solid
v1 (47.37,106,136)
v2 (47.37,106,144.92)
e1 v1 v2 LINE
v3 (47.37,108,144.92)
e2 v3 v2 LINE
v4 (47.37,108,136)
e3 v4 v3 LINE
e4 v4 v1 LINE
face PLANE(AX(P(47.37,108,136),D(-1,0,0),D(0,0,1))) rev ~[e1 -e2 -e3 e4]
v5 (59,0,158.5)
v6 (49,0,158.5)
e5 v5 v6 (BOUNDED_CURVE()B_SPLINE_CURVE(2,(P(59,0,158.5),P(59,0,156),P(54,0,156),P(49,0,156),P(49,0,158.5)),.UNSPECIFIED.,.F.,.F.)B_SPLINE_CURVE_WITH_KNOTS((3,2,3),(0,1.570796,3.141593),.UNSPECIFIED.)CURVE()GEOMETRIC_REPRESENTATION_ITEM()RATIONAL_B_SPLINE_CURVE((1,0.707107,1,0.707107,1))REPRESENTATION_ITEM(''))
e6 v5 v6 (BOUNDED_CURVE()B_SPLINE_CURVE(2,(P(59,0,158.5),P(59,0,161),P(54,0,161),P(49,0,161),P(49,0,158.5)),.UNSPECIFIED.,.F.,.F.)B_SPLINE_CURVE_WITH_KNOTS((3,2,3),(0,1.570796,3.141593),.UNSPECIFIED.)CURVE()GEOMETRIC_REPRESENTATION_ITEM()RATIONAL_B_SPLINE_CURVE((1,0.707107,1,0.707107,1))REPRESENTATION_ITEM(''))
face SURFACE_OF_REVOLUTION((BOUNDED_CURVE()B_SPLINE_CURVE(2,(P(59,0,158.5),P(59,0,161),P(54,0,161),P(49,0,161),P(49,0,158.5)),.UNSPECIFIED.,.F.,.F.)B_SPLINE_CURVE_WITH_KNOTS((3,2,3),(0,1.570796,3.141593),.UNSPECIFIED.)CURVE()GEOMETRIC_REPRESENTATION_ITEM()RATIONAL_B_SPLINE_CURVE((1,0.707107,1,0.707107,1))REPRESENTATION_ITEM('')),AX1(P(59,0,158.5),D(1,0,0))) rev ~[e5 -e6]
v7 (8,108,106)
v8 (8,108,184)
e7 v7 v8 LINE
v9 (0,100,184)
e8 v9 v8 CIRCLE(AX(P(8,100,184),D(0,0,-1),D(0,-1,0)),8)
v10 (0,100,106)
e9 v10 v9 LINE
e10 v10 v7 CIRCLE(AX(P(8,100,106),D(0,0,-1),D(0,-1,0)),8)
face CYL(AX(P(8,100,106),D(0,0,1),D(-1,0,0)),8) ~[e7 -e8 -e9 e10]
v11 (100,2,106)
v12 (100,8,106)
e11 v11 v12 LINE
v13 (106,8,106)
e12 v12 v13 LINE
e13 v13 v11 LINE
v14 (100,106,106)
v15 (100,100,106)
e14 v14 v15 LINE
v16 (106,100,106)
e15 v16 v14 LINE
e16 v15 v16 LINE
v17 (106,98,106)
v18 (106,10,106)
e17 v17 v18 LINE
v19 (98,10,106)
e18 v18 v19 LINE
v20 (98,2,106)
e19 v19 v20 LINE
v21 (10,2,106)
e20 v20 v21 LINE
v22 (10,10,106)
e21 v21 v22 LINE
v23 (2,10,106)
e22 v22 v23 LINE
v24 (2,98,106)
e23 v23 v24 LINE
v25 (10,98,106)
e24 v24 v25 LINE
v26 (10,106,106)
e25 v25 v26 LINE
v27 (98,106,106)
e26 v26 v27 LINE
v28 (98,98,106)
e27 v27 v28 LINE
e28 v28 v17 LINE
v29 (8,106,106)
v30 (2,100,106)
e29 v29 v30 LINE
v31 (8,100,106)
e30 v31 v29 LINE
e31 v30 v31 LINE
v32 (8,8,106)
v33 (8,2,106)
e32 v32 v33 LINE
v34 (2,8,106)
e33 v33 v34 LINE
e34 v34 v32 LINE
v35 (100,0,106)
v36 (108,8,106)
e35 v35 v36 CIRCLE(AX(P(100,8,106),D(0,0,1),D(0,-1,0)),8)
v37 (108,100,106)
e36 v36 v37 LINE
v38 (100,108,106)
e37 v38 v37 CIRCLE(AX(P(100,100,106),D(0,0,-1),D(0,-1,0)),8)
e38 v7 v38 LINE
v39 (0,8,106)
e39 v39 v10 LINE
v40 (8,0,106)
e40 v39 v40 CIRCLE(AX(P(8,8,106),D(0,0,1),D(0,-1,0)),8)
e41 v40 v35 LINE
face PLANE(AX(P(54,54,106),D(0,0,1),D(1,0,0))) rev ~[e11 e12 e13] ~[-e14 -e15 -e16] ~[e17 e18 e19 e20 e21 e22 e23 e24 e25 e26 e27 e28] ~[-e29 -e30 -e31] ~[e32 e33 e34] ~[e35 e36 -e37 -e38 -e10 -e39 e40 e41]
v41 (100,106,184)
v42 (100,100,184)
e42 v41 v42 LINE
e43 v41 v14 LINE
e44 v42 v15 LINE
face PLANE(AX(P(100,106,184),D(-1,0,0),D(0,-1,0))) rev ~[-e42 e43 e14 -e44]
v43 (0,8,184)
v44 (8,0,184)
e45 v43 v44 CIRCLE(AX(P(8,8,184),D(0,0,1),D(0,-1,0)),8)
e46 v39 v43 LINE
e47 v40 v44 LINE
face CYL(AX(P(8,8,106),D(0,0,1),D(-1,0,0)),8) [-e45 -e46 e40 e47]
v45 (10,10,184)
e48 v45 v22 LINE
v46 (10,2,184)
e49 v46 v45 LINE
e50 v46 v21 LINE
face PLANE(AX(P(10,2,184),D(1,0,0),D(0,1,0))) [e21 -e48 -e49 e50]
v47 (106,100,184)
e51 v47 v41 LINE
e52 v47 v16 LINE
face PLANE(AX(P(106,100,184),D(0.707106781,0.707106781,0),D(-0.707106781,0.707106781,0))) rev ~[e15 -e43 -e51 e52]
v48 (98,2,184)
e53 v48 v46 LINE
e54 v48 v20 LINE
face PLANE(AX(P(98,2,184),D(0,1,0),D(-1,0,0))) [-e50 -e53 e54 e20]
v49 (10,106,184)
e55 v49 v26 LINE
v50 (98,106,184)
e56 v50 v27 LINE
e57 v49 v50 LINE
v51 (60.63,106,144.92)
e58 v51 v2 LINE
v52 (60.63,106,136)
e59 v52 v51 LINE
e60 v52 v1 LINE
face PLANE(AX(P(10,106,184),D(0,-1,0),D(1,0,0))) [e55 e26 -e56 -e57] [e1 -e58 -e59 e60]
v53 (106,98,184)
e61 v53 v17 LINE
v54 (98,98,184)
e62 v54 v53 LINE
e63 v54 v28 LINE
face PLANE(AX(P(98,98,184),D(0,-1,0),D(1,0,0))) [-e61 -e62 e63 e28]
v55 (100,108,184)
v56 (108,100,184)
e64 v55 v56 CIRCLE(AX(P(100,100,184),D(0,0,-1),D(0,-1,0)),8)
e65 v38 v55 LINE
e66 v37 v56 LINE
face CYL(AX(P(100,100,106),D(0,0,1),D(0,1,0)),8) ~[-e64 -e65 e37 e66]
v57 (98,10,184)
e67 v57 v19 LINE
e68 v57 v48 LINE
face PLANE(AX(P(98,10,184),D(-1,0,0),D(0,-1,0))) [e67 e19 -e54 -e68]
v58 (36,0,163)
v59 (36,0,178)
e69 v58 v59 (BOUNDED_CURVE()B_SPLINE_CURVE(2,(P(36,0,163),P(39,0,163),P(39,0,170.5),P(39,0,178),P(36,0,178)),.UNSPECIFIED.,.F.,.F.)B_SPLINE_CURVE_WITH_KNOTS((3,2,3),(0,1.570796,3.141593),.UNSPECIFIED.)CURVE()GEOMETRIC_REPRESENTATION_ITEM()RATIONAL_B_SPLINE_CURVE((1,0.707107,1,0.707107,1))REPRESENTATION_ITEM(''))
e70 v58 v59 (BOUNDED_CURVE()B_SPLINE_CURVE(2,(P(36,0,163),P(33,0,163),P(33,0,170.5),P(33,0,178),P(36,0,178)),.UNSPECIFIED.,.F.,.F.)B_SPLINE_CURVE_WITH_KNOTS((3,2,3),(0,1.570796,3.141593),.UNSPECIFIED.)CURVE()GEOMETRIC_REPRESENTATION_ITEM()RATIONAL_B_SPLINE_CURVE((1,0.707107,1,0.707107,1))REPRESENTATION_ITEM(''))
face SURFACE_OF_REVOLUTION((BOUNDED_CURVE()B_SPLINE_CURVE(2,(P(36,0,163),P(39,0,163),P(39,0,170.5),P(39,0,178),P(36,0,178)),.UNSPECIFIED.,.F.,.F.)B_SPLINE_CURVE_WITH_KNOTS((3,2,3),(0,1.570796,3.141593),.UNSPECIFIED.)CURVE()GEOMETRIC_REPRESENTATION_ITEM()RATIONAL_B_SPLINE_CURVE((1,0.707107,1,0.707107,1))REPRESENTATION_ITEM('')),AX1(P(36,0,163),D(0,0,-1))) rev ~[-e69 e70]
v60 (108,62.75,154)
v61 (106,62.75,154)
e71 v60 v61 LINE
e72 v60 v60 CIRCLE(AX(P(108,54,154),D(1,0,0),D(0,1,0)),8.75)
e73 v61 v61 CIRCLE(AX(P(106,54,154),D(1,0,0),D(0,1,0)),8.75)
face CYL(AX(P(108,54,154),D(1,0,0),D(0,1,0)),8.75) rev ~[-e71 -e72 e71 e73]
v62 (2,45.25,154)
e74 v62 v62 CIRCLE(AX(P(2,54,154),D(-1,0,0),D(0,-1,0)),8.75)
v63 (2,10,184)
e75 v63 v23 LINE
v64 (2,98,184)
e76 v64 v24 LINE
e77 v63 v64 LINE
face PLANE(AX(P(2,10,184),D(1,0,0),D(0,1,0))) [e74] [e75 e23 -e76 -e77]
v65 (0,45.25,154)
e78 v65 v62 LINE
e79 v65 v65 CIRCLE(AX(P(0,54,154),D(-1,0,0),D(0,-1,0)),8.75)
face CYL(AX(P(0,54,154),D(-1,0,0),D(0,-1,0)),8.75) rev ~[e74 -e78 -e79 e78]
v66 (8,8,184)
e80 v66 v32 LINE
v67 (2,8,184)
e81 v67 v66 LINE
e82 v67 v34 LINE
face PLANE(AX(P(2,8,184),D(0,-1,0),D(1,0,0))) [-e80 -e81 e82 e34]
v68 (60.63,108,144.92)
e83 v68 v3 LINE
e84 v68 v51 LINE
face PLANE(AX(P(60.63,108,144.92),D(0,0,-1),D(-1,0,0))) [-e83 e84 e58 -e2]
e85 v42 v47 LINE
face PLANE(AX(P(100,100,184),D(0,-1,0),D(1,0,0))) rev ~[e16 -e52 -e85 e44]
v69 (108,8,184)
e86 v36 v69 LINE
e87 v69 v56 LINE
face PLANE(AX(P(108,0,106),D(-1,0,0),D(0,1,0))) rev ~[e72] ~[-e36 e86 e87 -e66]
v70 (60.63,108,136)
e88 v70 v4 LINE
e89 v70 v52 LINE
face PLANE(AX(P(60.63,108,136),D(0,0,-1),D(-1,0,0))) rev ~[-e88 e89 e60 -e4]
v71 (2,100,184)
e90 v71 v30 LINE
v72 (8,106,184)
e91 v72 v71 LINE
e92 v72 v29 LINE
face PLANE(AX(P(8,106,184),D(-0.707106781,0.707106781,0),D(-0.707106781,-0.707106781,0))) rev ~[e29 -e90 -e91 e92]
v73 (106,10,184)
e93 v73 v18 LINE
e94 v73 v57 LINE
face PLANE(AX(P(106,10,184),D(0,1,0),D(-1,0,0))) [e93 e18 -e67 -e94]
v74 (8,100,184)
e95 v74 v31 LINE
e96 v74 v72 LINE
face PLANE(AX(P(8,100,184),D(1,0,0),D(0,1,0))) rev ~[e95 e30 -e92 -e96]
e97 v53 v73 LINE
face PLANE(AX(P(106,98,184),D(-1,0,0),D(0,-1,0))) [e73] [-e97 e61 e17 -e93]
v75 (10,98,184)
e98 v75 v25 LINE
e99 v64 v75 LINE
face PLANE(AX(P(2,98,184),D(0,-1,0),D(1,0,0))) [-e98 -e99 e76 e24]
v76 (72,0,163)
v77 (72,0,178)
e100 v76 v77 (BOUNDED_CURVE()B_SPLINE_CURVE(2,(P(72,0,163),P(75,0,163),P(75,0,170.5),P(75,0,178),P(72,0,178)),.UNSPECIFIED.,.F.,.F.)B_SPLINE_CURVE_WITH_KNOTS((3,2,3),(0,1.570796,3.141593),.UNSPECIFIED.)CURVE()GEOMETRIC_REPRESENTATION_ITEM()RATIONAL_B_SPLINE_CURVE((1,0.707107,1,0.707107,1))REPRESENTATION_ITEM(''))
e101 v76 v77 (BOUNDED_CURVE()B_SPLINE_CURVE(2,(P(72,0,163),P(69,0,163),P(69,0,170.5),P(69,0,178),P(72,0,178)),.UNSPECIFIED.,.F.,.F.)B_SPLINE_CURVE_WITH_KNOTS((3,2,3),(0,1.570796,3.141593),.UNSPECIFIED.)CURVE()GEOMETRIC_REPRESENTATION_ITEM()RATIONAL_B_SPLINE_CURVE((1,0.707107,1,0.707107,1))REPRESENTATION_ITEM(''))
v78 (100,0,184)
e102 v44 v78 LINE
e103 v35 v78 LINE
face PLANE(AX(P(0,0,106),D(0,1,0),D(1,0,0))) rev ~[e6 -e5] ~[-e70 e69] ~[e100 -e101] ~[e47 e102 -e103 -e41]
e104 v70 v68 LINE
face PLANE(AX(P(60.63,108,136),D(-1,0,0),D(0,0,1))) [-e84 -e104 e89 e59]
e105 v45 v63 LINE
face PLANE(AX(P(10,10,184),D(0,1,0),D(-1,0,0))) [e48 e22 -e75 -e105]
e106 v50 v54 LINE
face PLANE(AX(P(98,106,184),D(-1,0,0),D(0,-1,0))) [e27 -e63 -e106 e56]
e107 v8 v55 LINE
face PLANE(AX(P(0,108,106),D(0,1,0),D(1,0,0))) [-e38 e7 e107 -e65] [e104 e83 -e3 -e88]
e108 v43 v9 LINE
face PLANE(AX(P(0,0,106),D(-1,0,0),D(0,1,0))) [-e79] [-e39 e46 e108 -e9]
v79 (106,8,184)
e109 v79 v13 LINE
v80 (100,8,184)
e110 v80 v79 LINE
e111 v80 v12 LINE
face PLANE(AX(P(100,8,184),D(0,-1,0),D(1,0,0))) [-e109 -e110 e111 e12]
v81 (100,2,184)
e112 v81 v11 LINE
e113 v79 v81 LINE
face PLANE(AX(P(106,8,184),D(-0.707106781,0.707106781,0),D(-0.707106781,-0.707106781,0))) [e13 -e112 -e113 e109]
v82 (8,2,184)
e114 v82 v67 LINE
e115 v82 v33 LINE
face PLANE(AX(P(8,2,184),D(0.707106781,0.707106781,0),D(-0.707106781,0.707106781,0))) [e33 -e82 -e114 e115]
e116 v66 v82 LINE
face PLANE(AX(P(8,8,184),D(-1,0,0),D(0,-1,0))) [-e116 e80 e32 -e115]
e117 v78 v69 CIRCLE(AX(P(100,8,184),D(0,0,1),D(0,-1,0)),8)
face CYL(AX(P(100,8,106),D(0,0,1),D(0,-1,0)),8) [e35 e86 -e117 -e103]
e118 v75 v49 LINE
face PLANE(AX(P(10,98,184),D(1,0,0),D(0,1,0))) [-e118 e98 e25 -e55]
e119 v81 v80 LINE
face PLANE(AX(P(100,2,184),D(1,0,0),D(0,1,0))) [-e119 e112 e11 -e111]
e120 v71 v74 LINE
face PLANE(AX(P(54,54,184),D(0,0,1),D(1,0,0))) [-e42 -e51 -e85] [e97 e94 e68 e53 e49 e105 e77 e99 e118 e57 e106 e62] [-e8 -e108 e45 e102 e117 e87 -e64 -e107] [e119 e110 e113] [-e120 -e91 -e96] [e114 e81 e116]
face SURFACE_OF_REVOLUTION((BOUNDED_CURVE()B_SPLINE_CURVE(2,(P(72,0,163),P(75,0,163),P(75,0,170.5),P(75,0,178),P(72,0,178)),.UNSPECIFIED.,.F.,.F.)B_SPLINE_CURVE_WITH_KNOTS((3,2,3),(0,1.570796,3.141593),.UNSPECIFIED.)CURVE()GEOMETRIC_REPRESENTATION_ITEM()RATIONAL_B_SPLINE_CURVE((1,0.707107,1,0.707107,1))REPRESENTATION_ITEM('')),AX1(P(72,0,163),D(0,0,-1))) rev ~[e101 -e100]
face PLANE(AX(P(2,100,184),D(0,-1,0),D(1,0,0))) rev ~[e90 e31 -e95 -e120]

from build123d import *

# Parameters (mm, degrees)
SKETCH087_W         = 108
SKETCH087_H         = 108
PAD038_DEPTH        = 78
POCKET039_DEPTH     = 78.001
FILLET006_R         = 8
POCKET043_DEPTH     = 78.001
REVOLUTION017_ANGLE = -180
REVOLUTION018_ANGLE = -180
REVOLUTION019_ANGLE = -180
SKETCH119_W         = 13.26
SKETCH119_H         = 8.92
POCKET059_DEPTH     = 2
SKETCH156_R         = 8.75
POCKET060_DEPTH     = 2
SKETCH157_R         = 8.75
POCKET061_DEPTH     = 2


with BuildPart() as part:
    # Sketch087 → Pad038 (new body)
    with BuildSketch(Plane.XY):
        with Locations((54, 54)):
            Rectangle(SKETCH087_W, SKETCH087_H)
    extrude(amount=PAD038_DEPTH)

    # Sketch107 (on Face6 of Pad038) → Pocket039 (cut, through all)
    with BuildSketch(Plane.XY.offset(78)):
        Polygon((2, 98), (10, 98), (10, 106), (98, 106), (98, 98), (106, 98), (106, 10), (98, 10), (98, 2), (10, 2), (10, 10), (2, 10), align=None)
    extrude(amount=-POCKET039_DEPTH, mode=Mode.SUBTRACT)

    # Fillet006
    fillet006_edges = [part.edges().sort_by_distance(p)[0] for p in [
        (0, 108, 39),
        (108, 108, 39),
        (108, 0, 39),
        (0, 0, 39),
    ]]
    fillet(fillet006_edges, radius=FILLET006_R)

    # Sketch115 (on Face5 of Fillet006) → Pocket043 (cut, through all)
    with BuildSketch(Plane.XY.offset(78)):
        Polygon((2, 100), (8, 100), (8, 106), align=None)
        Polygon((100, 106), (100, 100), (106, 100), align=None)
        Polygon((100, 2), (100, 8), (106, 8), align=None)
        Polygon((2, 8), (8, 8), (8, 2), align=None)
    extrude(amount=-POCKET043_DEPTH, mode=Mode.SUBTRACT)

    # Sketch116 → Revolution017 (revolve)
    with BuildSketch(Plane.XZ):
        with BuildLine():
            add(Edge.make_bspline(
                [(36, 57), (39, 57), (39, 64.5), (39, 72), (36, 72)],
                knots=[0, 0, 0, 1.570796, 1.570796, 3.141593, 3.141593, 3.141593], degree=2, weights=[1, 0.707107, 1, 0.707107, 1]))
            Line((36, 72), (36, 57))
        make_face()
    revolve(axis=Axis((36, 0, 57), (0, 0, 1)), revolution_arc=REVOLUTION017_ANGLE)

    # Sketch117 → Revolution018 (revolve)
    with BuildSketch(Plane.XZ):
        with BuildLine():
            add(Edge.make_bspline(
                [(72, 57), (75, 57), (75, 64.5), (75, 72), (72, 72)],
                knots=[0, 0, 0, 1.570796, 1.570796, 3.141593, 3.141593, 3.141593], degree=2, weights=[1, 0.707107, 1, 0.707107, 1]))
            Line((72, 72), (72, 57))
        make_face()
    revolve(axis=Axis((72, 0, 57), (0, 0, 1)), revolution_arc=REVOLUTION018_ANGLE)

    # Sketch118 → Revolution019 (revolve)
    with BuildSketch(Plane.XZ):
        with BuildLine():
            add(Edge.make_bspline(
                [(59, 52.5), (59, 55), (54, 55), (49, 55), (49, 52.5)],
                knots=[0, 0, 0, 1.570796, 1.570796, 3.141593, 3.141593, 3.141593], degree=2, weights=[1, 0.707107, 1, 0.707107, 1]))
            Line((49, 52.5), (59, 52.5))
        make_face()
    revolve(axis=Axis((59, 0, 52.5), (-1, 0, 0)), revolution_arc=REVOLUTION019_ANGLE)

    # Sketch119 → Pocket059 (cut)
    with BuildSketch(Plane(origin=(0, 108, 0), x_dir=(-1, 0, 0), z_dir=(0, 1, 0))):
        with Locations((-54, 34.46)):
            Rectangle(SKETCH119_W, SKETCH119_H)
    extrude(amount=-POCKET059_DEPTH, mode=Mode.SUBTRACT)

    # Sketch156 (on Face6 of Pocket059) → Pocket060 (cut)
    with BuildSketch(Plane.YZ.offset(108)):
        with Locations((54, 48)):
            Circle(SKETCH156_R)
    extrude(amount=-POCKET060_DEPTH, mode=Mode.SUBTRACT)

    # Sketch157 (on Face5 of Pocket060) → Pocket061 (cut)
    with BuildSketch(Plane(origin=(0, 0, 0), x_dir=(0, -1, 0), z_dir=(-1, 0, 0))):
        with Locations((-54, 48)):
            Circle(SKETCH157_R)
    extrude(amount=-POCKET061_DEPTH, mode=Mode.SUBTRACT)


with BuildPart() as part_1:
    # Body015 placement: moved
    add(part.part.moved(Location((0, 0, 106))))


solid = part_1.part
